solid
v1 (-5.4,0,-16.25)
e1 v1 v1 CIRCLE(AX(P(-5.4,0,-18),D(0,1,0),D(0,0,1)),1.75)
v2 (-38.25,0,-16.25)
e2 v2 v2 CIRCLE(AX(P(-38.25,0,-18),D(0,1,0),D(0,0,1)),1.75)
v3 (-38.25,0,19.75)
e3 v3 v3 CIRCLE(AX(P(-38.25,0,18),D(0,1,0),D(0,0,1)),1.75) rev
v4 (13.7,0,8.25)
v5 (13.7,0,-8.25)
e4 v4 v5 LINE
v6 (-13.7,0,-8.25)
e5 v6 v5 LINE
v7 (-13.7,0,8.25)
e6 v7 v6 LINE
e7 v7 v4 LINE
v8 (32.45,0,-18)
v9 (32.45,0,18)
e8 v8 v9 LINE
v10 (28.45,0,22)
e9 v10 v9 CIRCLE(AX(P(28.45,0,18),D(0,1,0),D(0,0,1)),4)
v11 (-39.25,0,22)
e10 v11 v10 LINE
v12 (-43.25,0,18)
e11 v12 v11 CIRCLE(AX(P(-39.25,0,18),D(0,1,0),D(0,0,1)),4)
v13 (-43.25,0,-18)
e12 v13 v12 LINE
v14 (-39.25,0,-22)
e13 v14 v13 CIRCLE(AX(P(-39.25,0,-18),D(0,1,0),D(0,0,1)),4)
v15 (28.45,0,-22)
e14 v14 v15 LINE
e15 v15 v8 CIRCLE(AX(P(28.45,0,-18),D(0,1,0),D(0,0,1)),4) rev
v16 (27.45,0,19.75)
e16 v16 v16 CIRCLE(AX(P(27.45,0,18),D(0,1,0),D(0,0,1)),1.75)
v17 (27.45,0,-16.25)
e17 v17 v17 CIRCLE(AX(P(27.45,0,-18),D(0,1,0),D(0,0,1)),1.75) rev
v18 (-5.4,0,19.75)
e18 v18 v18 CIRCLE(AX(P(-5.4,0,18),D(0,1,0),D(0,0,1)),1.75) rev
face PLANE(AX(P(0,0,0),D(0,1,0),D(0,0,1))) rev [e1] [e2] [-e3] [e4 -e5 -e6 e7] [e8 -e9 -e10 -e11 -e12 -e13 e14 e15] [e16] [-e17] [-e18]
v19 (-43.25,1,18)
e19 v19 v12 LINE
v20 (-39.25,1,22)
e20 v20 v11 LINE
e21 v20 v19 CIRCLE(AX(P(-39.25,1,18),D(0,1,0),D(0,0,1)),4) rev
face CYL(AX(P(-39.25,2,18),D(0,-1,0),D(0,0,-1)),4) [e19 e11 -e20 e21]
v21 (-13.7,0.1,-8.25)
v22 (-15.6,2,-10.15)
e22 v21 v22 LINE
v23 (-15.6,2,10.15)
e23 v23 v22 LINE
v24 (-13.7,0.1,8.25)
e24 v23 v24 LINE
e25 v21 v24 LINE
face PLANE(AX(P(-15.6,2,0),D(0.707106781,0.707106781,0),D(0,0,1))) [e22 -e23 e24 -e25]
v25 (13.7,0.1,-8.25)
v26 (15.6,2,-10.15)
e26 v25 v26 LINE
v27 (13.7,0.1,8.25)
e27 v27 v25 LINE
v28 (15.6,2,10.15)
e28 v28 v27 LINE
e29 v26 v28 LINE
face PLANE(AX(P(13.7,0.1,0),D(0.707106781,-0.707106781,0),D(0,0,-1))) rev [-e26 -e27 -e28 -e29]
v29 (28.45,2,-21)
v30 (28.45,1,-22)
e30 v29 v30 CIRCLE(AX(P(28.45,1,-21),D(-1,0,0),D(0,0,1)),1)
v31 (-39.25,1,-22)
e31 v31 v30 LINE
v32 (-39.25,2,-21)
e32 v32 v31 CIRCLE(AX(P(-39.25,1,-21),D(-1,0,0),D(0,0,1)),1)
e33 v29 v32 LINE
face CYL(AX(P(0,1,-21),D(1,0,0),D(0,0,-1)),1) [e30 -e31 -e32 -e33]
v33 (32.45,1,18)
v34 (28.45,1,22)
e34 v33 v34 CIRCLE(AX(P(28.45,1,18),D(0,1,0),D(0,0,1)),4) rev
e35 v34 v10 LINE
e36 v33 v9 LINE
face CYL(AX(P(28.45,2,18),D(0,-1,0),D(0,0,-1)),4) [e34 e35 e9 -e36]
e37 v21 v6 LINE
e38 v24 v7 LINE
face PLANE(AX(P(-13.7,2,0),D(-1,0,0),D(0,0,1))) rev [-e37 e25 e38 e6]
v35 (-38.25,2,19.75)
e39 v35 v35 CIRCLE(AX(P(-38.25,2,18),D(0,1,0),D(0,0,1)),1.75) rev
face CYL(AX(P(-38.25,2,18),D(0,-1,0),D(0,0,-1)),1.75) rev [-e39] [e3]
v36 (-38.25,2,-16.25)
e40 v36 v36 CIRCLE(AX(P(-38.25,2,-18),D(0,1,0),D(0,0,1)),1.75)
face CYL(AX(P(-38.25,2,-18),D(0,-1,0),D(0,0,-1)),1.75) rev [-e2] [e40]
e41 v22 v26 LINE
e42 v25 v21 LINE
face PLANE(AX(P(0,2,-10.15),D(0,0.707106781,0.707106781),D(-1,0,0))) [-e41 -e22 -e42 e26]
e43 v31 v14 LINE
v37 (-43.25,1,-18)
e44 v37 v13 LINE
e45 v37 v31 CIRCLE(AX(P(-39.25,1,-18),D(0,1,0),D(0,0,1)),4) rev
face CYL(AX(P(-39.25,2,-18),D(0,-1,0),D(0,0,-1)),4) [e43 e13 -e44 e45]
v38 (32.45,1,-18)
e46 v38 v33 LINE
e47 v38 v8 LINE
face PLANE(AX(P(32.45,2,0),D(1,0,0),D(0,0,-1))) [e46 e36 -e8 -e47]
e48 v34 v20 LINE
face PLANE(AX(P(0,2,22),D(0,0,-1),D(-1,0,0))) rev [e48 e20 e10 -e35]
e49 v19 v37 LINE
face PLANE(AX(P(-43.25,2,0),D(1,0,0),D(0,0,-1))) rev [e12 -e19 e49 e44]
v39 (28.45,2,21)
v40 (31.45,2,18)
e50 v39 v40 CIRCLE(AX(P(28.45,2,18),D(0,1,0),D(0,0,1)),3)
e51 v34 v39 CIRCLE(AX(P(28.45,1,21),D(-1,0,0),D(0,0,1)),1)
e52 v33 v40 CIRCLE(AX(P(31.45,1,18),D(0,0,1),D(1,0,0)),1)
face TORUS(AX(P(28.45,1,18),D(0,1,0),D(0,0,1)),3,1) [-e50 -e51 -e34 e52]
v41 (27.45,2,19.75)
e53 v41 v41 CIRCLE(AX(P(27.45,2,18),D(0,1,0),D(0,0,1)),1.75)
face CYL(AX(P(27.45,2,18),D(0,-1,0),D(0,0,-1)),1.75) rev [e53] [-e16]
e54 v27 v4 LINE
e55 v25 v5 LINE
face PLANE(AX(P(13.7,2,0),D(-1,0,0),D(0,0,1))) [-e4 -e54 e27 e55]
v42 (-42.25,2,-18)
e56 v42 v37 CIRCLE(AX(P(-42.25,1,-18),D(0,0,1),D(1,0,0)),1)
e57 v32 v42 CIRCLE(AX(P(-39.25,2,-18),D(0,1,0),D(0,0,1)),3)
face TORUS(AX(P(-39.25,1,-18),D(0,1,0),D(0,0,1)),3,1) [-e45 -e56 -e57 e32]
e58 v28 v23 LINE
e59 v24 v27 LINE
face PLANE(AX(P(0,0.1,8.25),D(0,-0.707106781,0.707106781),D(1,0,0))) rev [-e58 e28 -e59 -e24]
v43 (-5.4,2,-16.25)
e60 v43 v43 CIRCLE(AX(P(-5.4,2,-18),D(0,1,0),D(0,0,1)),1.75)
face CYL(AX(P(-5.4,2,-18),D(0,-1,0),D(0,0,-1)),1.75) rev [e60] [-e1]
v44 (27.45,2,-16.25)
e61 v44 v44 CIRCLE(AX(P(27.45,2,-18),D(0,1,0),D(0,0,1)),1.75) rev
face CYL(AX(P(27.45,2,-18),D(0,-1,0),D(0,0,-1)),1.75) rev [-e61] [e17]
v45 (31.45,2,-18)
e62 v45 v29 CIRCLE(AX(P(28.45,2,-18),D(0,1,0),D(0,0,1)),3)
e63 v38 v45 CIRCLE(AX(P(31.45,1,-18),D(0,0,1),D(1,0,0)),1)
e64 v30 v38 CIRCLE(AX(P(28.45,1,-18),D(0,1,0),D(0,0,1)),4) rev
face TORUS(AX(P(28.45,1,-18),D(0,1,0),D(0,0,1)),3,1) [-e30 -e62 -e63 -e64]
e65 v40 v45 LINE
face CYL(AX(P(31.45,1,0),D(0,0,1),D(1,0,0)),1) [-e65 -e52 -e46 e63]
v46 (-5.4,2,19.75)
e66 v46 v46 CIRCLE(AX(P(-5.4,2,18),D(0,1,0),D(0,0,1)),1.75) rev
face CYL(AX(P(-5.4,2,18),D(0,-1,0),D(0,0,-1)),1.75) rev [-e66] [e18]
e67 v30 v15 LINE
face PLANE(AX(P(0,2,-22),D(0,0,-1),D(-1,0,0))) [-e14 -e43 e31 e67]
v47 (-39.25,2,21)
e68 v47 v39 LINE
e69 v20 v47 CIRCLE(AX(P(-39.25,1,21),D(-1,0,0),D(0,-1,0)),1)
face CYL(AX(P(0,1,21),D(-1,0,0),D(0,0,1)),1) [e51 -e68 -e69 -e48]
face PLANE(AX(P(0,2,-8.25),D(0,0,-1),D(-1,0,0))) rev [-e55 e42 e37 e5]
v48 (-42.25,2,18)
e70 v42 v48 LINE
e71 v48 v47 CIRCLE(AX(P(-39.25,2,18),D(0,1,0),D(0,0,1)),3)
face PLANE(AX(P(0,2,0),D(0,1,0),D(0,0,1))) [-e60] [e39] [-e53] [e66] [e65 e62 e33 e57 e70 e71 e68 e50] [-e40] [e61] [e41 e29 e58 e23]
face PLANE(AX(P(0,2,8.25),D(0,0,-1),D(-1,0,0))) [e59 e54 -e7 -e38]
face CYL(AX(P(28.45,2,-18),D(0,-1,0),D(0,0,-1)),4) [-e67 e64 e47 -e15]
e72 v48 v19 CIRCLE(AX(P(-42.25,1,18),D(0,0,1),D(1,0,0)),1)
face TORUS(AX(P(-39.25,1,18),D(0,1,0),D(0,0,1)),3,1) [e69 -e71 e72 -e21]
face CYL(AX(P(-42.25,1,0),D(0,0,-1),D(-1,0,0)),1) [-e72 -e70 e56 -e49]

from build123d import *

# Parameters (mm, degrees)
SKETCH1_W           = 27.4
SKETCH1_H           = 16.5
SKETCH1_R           = 1.75
BOSS_EXTRUDE1_DEPTH = 2
SKETCH1_3_W         = 31.5
SKETCH1_3_H         = 20.5
SKETCH1_3_W_2       = 27.4
SKETCH1_3_H_2       = 16.5
BOSS_EXTRUDE2_DEPTH = 1
FILLET1_R           = 1
CHAMFER1_SIZE       = 1.9


with BuildPart() as part:
    # Sketch1 → Boss-Extrude1 (new body)
    with BuildSketch(Plane(origin=(0, 0, 0), x_dir=(1, 0, 0), z_dir=(0, 1, 0))):
        with BuildLine():
            Line((28.45, 22), (-39.25, 22))
            ThreePointArc((-39.25, 22), (-42.078427125, 20.828427125), (-43.25, 18))
            Line((-43.25, 18), (-43.25, -18))
            ThreePointArc((-43.25, -18), (-42.078427125, -20.828427125), (-39.25, -22))
            Line((-39.25, -22), (28.45, -22))
            ThreePointArc((28.45, -22), (31.278427125, -20.828427125), (32.45, -18))
            Line((32.45, -18), (32.45, 18))
            ThreePointArc((32.45, 18), (31.278427125, 20.828427125), (28.45, 22))
        make_face()
        Rectangle(SKETCH1_W, SKETCH1_H, mode=Mode.SUBTRACT)
        with Locations((-38.25, -18)):
            Circle(SKETCH1_R, mode=Mode.SUBTRACT)
        with Locations((-5.4, -18)):
            Circle(SKETCH1_R, mode=Mode.SUBTRACT)
        with Locations((27.45, -18)):
            Circle(SKETCH1_R, mode=Mode.SUBTRACT)
        with Locations((-38.25, 18)):
            Circle(SKETCH1_R, mode=Mode.SUBTRACT)
        with Locations((-5.4, 18)):
            Circle(SKETCH1_R, mode=Mode.SUBTRACT)
        with Locations((27.45, 18)):
            Circle(SKETCH1_R, mode=Mode.SUBTRACT)
    extrude(amount=BOSS_EXTRUDE1_DEPTH)

    # Sketch1<3> → Boss-Extrude2 (add)
    with BuildSketch(Plane(origin=(0, 0, 0), x_dir=(1, 0, 0), z_dir=(0, 1, 0))):
        Rectangle(SKETCH1_3_W, SKETCH1_3_H)
        Rectangle(SKETCH1_3_W_2, SKETCH1_3_H_2, mode=Mode.SUBTRACT)
    extrude(amount=BOSS_EXTRUDE2_DEPTH)

    # Fillet1
    fillet1_edges = [part.edges().sort_by_distance(p)[0] for p in [
        (-42.078427125, 2, 20.828427125),
        (-43.25, 2, 0),
        (-42.078427125, 2, -20.828427125),
        (-5.4, 2, -22),
        (31.278427125, 2, -20.828427125),
        (32.45, 2, 0),
        (31.278427125, 2, 20.828427125),
        (-5.4, 2, 22),
    ]]
    fillet(fillet1_edges, radius=FILLET1_R)

    # Chamfer1
    chamfer1_edges = [part.edges().sort_by_distance(p)[0] for p in [
        (-13.7, 2, 0),
        (0, 2, 8.25),
        (13.7, 2, 0),
        (0, 2, -8.25),
    ]]
    chamfer(chamfer1_edges, length=CHAMFER1_SIZE)


solid = part.part
